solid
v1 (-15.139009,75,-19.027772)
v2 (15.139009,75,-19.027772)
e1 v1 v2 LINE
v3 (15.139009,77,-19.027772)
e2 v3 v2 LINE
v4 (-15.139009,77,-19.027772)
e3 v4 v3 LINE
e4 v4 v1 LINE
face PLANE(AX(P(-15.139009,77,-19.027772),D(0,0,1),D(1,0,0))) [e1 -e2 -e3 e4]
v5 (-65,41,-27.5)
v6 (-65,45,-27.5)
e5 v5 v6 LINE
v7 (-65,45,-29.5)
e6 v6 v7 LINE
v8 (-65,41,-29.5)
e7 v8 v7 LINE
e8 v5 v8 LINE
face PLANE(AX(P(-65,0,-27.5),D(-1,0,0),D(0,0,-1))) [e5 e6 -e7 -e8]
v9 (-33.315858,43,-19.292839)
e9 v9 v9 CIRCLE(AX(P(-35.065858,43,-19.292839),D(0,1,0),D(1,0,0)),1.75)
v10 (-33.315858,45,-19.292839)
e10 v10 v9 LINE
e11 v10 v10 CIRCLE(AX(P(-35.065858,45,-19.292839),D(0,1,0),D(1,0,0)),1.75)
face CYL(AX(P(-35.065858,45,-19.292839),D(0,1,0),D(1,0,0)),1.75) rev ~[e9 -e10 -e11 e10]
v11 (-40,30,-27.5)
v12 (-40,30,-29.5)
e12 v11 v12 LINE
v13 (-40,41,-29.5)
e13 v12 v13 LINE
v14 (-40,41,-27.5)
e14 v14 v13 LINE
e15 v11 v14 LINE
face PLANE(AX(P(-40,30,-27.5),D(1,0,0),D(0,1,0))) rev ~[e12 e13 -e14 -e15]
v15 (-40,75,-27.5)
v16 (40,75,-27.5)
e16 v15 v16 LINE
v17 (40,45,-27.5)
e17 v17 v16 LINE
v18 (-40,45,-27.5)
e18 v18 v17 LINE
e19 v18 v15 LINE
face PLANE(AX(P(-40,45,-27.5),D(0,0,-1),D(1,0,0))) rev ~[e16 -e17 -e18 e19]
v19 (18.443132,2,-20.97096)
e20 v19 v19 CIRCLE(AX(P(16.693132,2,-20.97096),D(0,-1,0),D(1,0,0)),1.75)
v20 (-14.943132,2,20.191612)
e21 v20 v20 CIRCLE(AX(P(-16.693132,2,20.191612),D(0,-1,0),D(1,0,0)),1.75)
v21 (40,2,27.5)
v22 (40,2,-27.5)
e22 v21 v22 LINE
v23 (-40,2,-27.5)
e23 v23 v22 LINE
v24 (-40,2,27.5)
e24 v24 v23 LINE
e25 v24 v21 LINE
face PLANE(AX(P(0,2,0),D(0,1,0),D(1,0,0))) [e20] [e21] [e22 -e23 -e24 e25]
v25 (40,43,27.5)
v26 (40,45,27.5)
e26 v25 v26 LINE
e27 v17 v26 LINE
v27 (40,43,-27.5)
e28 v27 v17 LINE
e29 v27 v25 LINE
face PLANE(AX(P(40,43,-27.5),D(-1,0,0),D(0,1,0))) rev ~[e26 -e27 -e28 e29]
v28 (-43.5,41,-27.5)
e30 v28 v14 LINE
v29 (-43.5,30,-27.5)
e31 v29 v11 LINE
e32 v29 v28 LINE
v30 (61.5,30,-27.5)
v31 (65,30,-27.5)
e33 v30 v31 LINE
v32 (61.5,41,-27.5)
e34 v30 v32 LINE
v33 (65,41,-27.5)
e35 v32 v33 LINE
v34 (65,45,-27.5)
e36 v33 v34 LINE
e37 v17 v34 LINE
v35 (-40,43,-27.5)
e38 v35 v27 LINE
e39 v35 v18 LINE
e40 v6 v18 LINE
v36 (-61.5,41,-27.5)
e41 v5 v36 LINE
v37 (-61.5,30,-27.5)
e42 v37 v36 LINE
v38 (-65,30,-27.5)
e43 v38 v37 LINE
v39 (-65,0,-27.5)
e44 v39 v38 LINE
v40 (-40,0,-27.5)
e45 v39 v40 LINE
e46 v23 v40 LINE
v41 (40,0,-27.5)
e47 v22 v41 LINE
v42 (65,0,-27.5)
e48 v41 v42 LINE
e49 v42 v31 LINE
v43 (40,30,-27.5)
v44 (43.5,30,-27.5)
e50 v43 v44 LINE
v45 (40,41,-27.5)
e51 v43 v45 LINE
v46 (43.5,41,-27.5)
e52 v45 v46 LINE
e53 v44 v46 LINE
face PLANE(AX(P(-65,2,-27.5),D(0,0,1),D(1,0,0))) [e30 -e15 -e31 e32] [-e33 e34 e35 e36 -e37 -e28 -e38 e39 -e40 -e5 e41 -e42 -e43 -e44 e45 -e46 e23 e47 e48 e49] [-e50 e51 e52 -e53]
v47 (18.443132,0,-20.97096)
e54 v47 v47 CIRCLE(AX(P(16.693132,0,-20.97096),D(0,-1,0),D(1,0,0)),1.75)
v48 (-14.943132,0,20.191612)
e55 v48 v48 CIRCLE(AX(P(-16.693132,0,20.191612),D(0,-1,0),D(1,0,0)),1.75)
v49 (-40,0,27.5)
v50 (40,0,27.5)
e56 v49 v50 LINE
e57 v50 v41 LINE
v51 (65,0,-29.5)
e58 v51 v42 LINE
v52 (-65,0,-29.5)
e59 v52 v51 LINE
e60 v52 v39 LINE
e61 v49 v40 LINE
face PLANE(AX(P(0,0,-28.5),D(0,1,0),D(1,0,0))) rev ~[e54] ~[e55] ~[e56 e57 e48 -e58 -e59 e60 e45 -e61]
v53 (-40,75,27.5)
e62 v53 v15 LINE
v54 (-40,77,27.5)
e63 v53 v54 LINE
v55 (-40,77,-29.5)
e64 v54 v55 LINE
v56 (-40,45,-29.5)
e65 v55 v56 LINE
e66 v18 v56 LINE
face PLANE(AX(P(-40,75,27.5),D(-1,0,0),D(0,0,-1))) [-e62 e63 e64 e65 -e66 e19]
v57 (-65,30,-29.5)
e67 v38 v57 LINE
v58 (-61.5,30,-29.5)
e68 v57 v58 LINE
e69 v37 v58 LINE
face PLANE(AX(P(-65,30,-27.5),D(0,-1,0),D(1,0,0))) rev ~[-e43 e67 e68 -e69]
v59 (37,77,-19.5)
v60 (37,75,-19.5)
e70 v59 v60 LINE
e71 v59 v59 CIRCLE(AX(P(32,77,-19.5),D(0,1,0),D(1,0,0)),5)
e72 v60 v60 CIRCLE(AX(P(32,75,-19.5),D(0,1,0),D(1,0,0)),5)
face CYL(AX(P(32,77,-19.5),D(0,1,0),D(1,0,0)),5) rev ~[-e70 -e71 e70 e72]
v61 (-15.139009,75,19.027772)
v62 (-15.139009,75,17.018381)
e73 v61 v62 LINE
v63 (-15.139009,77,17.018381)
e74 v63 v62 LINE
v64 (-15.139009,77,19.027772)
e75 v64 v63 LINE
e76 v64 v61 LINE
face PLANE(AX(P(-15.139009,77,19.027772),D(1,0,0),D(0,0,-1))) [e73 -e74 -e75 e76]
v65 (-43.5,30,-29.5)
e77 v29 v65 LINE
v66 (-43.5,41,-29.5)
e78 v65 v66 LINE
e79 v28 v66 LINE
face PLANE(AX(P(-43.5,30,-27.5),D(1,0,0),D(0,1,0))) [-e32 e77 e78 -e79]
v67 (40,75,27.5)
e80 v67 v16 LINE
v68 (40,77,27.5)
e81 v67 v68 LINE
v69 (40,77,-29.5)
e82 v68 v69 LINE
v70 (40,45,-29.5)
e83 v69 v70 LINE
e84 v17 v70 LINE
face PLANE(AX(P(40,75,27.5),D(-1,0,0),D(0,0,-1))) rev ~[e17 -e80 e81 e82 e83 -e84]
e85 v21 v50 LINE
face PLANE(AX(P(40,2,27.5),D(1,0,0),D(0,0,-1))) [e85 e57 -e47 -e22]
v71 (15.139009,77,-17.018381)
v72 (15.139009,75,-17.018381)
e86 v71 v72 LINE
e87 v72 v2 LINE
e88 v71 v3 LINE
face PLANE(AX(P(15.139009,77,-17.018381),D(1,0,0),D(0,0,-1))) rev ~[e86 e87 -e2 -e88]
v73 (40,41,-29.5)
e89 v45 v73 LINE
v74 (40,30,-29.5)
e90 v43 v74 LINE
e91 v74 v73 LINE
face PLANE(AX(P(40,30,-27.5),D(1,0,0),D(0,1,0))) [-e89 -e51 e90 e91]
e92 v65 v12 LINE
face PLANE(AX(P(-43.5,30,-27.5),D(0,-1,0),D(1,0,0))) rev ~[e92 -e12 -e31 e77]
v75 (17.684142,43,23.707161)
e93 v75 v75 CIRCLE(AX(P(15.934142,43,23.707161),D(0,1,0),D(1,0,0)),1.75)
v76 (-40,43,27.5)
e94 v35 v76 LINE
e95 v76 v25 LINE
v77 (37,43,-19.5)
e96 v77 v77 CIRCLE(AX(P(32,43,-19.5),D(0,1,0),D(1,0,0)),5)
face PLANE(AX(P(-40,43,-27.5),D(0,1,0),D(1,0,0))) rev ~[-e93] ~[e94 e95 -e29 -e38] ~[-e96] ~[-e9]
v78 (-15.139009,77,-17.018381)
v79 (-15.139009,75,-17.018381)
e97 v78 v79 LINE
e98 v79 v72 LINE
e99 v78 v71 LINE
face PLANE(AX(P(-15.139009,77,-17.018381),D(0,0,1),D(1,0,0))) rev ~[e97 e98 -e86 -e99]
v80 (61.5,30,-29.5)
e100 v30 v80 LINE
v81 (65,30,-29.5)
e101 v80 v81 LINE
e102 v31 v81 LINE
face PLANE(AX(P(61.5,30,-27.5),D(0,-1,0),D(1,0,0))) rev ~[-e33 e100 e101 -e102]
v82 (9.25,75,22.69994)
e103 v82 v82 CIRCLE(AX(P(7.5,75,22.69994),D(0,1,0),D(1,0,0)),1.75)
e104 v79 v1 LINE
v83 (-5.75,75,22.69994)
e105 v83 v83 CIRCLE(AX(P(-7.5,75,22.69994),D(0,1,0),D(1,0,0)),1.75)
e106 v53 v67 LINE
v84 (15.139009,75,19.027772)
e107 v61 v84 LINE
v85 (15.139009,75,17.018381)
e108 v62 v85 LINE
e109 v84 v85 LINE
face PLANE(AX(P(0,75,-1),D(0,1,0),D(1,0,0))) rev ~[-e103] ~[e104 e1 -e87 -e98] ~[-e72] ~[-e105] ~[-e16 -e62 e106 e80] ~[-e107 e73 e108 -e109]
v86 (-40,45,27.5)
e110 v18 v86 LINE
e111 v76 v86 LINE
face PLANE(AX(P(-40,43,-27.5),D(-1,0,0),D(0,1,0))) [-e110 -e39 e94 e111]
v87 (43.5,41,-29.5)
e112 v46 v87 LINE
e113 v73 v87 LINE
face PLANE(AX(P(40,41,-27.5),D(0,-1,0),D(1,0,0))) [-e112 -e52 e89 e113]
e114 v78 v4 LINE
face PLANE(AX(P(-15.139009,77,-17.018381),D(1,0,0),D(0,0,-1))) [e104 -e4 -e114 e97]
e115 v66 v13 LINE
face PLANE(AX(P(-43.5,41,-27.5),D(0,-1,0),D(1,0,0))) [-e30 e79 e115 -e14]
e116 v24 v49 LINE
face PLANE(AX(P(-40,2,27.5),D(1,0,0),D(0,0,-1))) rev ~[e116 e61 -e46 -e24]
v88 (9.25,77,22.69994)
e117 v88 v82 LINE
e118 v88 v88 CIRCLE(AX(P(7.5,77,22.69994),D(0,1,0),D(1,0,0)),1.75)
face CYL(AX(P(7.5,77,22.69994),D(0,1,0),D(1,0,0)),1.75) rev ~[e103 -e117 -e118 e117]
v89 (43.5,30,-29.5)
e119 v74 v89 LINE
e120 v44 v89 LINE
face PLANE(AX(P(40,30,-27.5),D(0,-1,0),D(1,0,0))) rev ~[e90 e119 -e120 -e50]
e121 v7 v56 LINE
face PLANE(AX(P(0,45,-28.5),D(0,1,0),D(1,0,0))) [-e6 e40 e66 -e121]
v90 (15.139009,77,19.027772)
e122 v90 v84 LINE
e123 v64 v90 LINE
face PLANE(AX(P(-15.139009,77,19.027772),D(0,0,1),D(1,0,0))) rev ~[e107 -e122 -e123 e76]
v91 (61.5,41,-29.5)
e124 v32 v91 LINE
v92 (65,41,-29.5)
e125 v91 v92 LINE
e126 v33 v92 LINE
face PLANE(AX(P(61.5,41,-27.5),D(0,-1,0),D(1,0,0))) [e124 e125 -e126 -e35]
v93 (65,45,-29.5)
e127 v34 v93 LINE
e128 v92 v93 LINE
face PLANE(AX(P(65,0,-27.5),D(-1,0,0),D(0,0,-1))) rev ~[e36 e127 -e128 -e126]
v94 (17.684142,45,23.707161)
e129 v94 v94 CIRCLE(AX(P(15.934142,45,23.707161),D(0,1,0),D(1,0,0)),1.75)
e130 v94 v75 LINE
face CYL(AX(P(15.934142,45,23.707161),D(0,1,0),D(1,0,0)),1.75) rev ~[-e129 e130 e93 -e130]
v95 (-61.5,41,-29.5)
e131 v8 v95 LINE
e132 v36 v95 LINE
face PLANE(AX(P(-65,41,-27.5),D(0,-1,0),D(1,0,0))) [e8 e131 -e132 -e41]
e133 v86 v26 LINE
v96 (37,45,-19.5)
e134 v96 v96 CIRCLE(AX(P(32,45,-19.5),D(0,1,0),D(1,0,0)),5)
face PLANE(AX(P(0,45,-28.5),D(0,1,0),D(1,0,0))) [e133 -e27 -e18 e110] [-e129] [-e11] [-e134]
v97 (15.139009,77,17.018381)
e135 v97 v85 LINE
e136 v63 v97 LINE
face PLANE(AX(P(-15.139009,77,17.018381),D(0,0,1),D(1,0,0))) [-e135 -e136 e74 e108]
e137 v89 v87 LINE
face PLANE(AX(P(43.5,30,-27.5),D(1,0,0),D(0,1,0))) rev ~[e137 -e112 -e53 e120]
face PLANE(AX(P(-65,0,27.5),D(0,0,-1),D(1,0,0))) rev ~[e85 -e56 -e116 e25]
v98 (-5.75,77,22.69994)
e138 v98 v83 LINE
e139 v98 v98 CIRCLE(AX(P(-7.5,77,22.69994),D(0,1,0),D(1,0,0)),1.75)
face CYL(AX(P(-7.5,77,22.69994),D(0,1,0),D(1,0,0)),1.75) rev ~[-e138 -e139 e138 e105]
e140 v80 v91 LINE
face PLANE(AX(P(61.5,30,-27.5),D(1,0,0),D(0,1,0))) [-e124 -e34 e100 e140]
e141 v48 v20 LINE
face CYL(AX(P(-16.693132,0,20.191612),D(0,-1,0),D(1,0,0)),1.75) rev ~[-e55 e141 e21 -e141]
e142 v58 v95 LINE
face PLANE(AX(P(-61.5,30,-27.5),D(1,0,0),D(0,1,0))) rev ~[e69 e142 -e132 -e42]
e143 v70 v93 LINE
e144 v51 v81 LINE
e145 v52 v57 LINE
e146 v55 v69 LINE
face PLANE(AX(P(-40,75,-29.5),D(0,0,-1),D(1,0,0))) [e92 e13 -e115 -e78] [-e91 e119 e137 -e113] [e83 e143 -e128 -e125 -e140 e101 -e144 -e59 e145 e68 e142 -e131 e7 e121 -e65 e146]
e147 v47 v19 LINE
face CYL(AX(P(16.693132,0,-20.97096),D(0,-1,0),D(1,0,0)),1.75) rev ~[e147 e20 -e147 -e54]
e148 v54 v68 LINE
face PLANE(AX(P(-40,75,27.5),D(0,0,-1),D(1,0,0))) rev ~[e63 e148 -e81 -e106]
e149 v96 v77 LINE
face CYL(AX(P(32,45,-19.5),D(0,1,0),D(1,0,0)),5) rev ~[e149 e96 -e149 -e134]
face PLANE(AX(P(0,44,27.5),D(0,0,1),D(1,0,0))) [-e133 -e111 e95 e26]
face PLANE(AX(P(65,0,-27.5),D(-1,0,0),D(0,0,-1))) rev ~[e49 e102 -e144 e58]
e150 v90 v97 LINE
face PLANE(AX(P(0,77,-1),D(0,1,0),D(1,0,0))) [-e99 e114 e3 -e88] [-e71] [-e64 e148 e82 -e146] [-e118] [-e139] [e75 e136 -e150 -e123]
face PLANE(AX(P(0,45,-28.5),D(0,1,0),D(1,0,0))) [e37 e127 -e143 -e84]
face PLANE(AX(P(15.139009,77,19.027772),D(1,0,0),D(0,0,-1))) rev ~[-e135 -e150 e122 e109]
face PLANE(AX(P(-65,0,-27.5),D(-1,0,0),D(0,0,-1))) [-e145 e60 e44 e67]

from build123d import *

# Parameters (mm, degrees)
SKETCH1_W           = 130
SKETCH1_H           = 55
BOSS_EXTRUDE1_DEPTH = 2
SKETCH2_W           = 130
SKETCH2_H           = 2
BOSS_EXTRUDE2_DEPTH = 45
SKETCH3_W           = 25
SKETCH3_H           = 55
CUT_EXTRUDE1_DEPTH  = 45
SKETCH4_W           = 3.5
SKETCH4_H           = 11
CUT_EXTRUDE2_DEPTH  = 2
SKETCH6_W           = 80
SKETCH6_H           = 2
BOSS_EXTRUDE3_DEPTH = 55
SKETCH7_R           = 1.75
SKETCH7_R_2         = 5
CUT_EXTRUDE3_DEPTH  = 2
SKETCH8_W           = 80
SKETCH8_H           = 2
BOSS_EXTRUDE4_DEPTH = 30
SKETCH9_W           = 80
SKETCH9_H           = 57
BOSS_EXTRUDE5_DEPTH = 2
SKETCH11_R          = 5
SKETCH11_R_2        = 1.75
SKETCH11_W          = 30.278017406
SKETCH11_H          = 2.009390924
CUT_EXTRUDE4_DEPTH  = 2
SKETCH12_R          = 1.75
CUT_EXTRUDE5_DEPTH  = 2


with BuildPart() as part:
    # Sketch1 → Boss-Extrude1 (new body)
    with BuildSketch(Plane(origin=(0, 0, 0), x_dir=(1, 0, 0), z_dir=(0, 1, 0))):
        Rectangle(SKETCH1_W, SKETCH1_H)
    extrude(amount=BOSS_EXTRUDE1_DEPTH)

    # Sketch2 → Boss-Extrude2 (add)
    with BuildSketch(Plane(origin=(0, 0, 0), x_dir=(1, 0, 0), z_dir=(0, 1, 0))):
        with Locations((0, 28.5)):
            Rectangle(SKETCH2_W, SKETCH2_H)
    extrude(amount=BOSS_EXTRUDE2_DEPTH)

    # Sketch3 → Cut-Extrude1 (cut)
    with BuildSketch(Plane(origin=(0, 2, 0), x_dir=(1, 0, 0), z_dir=(0, 1, 0))):
        with Locations((-52.5, 0)):
            Rectangle(SKETCH3_W, SKETCH3_H)
        with Locations((52.5, 0)):
            Rectangle(SKETCH3_W, SKETCH3_H)
    extrude(amount=-CUT_EXTRUDE1_DEPTH, mode=Mode.SUBTRACT)

    # Sketch4 → Cut-Extrude2 (cut)
    with BuildSketch(Plane.XY.offset(-27.5)):
        with Locations((-63.25, 35.5)):
            Rectangle(SKETCH4_W, SKETCH4_H)
        with Locations((-41.75, 35.5)):
            Rectangle(SKETCH4_W, SKETCH4_H)
        with Locations((41.75, 35.5)):
            Rectangle(SKETCH4_W, SKETCH4_H)
        with Locations((63.25, 35.5)):
            Rectangle(SKETCH4_W, SKETCH4_H)
    extrude(amount=-CUT_EXTRUDE2_DEPTH, mode=Mode.SUBTRACT)

    # Sketch6 → Boss-Extrude3 (add)
    with BuildSketch(Plane.XY.offset(-27.5)):
        with Locations((0, 44)):
            Rectangle(SKETCH6_W, SKETCH6_H)
    extrude(amount=BOSS_EXTRUDE3_DEPTH)

    # Sketch7 → Cut-Extrude3 (cut)
    with BuildSketch(Plane(origin=(0, 45, 0), x_dir=(1, 0, 0), z_dir=(0, 1, 0))):
        with Locations((-35.065858189, 19.292839325)):
            Circle(SKETCH7_R)
        with Locations((15.934141811, -23.707160675)):
            Circle(SKETCH7_R)
        with Locations((32, 19.5)):
            Circle(SKETCH7_R_2)
    extrude(amount=-CUT_EXTRUDE3_DEPTH, mode=Mode.SUBTRACT)

    # Sketch8 → Boss-Extrude4 (add)
    with BuildSketch(Plane(origin=(0, 45, 0), x_dir=(1, 0, 0), z_dir=(0, 1, 0))):
        with Locations((0, 28.5)):
            Rectangle(SKETCH8_W, SKETCH8_H)
    extrude(amount=BOSS_EXTRUDE4_DEPTH)

    # Sketch9 → Boss-Extrude5 (add)
    with BuildSketch(Plane(origin=(0, 75, 0), x_dir=(1, 0, 0), z_dir=(0, 1, 0))):
        with Locations((0, 1)):
            Rectangle(SKETCH9_W, SKETCH9_H)
    extrude(amount=BOSS_EXTRUDE5_DEPTH)

    # Sketch11 → Cut-Extrude4 (cut)
    with BuildSketch(Plane(origin=(0, 77, 0), x_dir=(1, 0, 0), z_dir=(0, 1, 0))):
        with Locations((32, 19.5)):
            Circle(SKETCH11_R)
        with Locations((-7.5, -22.699940475)):
            Circle(SKETCH11_R_2)
        with Locations((7.5, -22.699940475)):
            Circle(SKETCH11_R_2)
        with Locations((0, -18.023076891)):
            Rectangle(SKETCH11_W, SKETCH11_H)
        with Locations((0, 18.023076891)):
            Rectangle(SKETCH11_W, SKETCH11_H)
    extrude(amount=-CUT_EXTRUDE4_DEPTH, mode=Mode.SUBTRACT)

    # Sketch12 → Cut-Extrude5 (cut)
    with BuildSketch(Plane.XZ):
        with Locations((-16.693132279, 20.191612333)):
            Circle(SKETCH12_R)
        with Locations((16.693132279, -20.97095973)):
            Circle(SKETCH12_R)
    extrude(amount=-CUT_EXTRUDE5_DEPTH, mode=Mode.SUBTRACT)


solid = part.part
